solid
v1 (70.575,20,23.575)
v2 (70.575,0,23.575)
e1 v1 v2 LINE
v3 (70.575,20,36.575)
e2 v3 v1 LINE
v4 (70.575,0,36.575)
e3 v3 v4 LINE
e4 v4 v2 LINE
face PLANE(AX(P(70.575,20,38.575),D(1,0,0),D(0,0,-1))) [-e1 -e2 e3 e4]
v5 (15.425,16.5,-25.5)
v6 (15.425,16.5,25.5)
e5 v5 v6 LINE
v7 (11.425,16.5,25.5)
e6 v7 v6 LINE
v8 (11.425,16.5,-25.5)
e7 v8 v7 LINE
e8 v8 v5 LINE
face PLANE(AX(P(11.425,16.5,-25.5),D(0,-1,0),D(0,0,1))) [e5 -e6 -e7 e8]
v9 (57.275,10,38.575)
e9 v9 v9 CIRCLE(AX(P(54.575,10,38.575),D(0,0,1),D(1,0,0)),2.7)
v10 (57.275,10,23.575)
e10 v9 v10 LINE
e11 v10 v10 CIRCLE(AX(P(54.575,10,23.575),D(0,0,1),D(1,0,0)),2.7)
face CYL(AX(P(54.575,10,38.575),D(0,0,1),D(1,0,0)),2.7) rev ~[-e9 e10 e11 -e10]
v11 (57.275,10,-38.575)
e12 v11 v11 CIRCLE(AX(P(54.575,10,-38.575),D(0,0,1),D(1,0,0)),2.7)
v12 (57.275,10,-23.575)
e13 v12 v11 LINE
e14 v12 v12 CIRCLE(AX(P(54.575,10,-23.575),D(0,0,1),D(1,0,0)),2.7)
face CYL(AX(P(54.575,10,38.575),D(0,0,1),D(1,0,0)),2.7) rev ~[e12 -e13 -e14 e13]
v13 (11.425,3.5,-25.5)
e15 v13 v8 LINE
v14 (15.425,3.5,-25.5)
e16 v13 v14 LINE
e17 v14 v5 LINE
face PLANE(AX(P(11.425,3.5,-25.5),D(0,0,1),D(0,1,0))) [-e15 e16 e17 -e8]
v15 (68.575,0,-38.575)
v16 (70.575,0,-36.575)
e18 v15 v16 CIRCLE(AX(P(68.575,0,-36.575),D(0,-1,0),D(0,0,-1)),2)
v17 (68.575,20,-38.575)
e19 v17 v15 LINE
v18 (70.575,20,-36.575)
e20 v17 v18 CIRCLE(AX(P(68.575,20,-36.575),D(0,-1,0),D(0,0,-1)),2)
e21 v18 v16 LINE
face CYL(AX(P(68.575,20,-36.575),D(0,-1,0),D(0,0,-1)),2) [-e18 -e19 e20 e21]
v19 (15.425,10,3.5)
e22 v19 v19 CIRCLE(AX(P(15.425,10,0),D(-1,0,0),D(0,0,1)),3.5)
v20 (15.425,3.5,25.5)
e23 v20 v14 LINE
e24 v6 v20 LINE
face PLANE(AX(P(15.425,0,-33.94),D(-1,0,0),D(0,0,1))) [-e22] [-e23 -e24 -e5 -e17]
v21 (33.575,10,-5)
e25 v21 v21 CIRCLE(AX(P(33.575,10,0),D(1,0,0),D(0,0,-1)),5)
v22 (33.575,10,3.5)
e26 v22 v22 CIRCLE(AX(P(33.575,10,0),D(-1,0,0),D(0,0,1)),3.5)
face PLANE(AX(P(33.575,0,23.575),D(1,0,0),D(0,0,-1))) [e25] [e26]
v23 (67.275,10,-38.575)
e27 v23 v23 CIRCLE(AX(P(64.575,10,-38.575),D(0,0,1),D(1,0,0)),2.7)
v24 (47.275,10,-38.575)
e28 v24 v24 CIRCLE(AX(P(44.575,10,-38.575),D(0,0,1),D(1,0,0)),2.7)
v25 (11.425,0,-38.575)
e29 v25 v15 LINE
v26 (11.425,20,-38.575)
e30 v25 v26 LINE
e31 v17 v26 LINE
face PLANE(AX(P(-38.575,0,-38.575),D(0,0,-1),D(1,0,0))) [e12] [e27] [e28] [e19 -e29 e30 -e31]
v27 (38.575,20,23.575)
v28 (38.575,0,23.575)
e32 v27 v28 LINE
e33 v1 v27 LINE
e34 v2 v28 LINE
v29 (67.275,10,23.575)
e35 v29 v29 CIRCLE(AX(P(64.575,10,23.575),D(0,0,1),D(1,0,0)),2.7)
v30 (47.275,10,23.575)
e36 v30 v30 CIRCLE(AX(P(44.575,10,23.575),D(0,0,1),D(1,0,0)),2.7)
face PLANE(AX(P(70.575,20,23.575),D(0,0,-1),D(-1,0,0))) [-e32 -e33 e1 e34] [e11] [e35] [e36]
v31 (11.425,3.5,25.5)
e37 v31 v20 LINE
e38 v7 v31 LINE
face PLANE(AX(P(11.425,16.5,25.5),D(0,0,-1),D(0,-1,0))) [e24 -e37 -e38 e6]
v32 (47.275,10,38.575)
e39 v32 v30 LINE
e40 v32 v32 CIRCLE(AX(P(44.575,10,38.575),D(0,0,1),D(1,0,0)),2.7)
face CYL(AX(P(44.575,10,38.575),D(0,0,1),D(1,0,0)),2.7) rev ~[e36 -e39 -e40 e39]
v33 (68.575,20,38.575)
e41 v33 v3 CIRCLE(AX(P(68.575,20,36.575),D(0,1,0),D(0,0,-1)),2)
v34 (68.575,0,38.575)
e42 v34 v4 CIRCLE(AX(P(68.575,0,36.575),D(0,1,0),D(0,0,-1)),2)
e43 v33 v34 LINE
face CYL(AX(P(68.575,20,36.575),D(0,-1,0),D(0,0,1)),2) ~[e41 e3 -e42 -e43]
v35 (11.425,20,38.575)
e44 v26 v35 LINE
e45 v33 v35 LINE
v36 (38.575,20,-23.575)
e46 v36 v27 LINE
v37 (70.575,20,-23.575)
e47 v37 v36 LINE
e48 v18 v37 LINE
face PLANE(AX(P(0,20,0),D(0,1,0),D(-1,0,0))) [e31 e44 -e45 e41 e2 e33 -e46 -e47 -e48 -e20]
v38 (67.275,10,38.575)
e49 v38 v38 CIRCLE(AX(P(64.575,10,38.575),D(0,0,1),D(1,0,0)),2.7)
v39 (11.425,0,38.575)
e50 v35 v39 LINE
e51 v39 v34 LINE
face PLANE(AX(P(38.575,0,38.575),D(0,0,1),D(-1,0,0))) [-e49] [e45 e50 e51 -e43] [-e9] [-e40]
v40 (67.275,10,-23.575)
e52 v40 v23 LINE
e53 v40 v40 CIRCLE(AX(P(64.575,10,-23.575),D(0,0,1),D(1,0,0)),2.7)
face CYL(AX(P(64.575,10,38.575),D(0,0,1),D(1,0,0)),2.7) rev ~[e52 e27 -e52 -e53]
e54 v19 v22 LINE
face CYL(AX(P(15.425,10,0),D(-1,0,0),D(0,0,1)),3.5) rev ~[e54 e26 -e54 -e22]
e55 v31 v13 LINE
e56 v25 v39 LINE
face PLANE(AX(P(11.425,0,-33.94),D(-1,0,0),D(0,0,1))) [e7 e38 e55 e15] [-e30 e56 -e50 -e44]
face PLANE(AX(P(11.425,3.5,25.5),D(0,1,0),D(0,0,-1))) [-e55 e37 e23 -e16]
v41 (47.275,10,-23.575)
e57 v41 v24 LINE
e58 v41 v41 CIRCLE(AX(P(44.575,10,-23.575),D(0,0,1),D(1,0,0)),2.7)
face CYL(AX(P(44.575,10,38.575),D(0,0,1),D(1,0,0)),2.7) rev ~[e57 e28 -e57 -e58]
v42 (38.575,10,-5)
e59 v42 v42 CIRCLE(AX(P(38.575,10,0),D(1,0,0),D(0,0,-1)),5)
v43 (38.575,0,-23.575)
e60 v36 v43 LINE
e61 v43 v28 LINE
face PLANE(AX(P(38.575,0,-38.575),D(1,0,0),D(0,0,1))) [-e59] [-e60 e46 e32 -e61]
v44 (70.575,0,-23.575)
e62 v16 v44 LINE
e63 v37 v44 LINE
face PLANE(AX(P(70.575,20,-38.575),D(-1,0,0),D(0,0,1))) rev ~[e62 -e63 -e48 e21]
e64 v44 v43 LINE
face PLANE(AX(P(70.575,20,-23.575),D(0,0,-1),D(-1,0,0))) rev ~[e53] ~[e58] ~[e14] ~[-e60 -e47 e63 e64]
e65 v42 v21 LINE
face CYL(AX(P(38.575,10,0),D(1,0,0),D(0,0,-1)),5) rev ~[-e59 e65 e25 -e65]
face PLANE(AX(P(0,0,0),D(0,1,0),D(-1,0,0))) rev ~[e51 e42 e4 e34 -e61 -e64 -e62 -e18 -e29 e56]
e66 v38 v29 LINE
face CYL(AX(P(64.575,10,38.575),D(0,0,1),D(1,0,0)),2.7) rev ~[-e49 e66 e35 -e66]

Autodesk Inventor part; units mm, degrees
ref_plane "YZ Plane" through (0, 0, 0) normal (1, 0, 0) x (0, 1, 0)
ref_plane "XZ Plane" through (0, 0, 0) normal (0, 1, 0) x (-1, 0, 0)
ref_plane "XY Plane" through (0, 0, 0) normal (0, 0, 1) x (1, 0, 0)
sketch "Boceto1" plane through (0, 0, 0) normal (0, 1, 0) x (-1, 0, 0)
  line L0 (-38.575, 38.575) -> (38.575, 38.575)
  line L1 (38.575, 38.575) -> (38.575, -38.575)
  line L2 (38.575, -38.575) -> (-38.575, -38.575)
  line L3 (-38.575, -38.575) -> (-38.575, 38.575)
  line L4 (-38.575, 38.575) -> (38.575, -38.575) construction
  line L5 (38.575, 38.575) -> (-38.575, -38.575) construction
  circle A0 centre (17, 10) radius 2.7
  circle A1 centre (17, -10) radius 2.7
  circle A2 centre (-17, -10) radius 2.7
  circle A3 centre (-17, 10) radius 2.7
  point P0 (0, 0)
  dimension "d0" = 77.15
  dimension "d1" = 77.15
  dimension "d2" = 5.4
  dimension "d3" = 10
  dimension "d4" = 10
  dimension "d5" = 17
  dimension "d6" = 17
extrude "Extrusión1" add sketch "Boceto1" along normal blind 20
sketch "Boceto2" plane through (0, 20, 0) normal (0, 1, 0) x (1, 0, 0)
  line L0 (-38.575, -38.575) -> (38.575, -38.575) projected
  line L1 (38.575, -38.575) -> (70.575, -38.575)
  line L2 (70.575, -38.575) -> (70.575, -23.575)
  line L3 (70.575, -23.575) -> (38.575, -23.575)
  line L4 (38.575, -23.575) -> (38.575, -38.575)
  line L5 (38.575, 38.575) -> (-38.575, 38.575) projected
  line L6 (38.575, 38.575) -> (70.575, 38.575)
  line L7 (70.575, 38.575) -> (70.575, 23.575)
  line L8 (70.575, 23.575) -> (38.575, 23.575)
  line L9 (38.575, 23.575) -> (38.575, 38.575)
  point P0 (0, 0)
  dimension "d9" = 32
  dimension "d10" = 15
extrude "Extrusión2" add sketch "Boceto2" against normal up to surface (20 mm away)
sketch "Boceto3" plane through (-38.575, 0, 38.575) normal (0, 0, 1) x (1, 0, 0)
  circle A0 centre (103.15, 10) radius 2.7
  circle A1 centre (93.15, 10) radius 2.7
  line L0 (109.15, 20) -> (109.15, 0) projected
  circle A2 centre (83.15, 10) radius 2.7
  point P0 (38.575, 0)
  dimension "d13" = 5.4
  dimension "d14" = 6
  dimension "d15" = 10
  dimension "d34" = 10
extrude "Extrusión3" cut sketch "Boceto3" against normal through all
fillet "Empalme2" radius 4.635 2 edges at (-38.575, 10, 38.575) (-38.575, 10, -38.575)
fillet "Empalme3" radius 2 2 edges at (70.575, 10, -38.575) (70.575, 10, 38.575)
sketch "Boceto5" plane through (0, 20, 0) normal (0, 1, 0) x (1, 0, 0)
  line L0 (-29.2306, -22.0337) -> (29.2306, -22.0337)
  line L1 (29.2306, -22.0337) -> (29.2306, 22.0337)
  line L2 (29.2306, 22.0337) -> (-29.2306, 22.0337)
  line L3 (-29.2306, 22.0337) -> (-29.2306, -22.0337)
  line L4 (-29.2306, -22.0337) -> (29.2306, 22.0337) construction
  line L5 (29.2306, -22.0337) -> (-29.2306, 22.0337) construction
  point P0 (0, 0)
extrude "Extrusión5" add sketch "Boceto5" against normal up to surface (20 mm away)
sketch "Boceto6" plane through (-38.575, 0, -33.94) normal (-1, 0, 0) x (0, 0, 1)
  line L0 (-23.6354, 28.4555) -> (91.5154, 28.4555)
  line L1 (91.5154, 28.4555) -> (91.5154, -11.4044)
  line L2 (91.5154, -11.4044) -> (-23.6354, -11.4044)
  line L3 (-23.6354, -11.4044) -> (-23.6354, 28.4555)
  line L4 (-23.6354, 28.4555) -> (91.5154, -11.4044) construction
  line L5 (91.5154, 28.4555) -> (-23.6354, -11.4044) construction
  point P0 (33.94, 0)
  point P1 (33.94, 8.5256)
extrude "Extrusión6" cut sketch "Boceto6" against normal blind 50
sketch "Boceto7" plane through (11.425, 0, -33.94) normal (-1, 0, 0) x (0, 0, 1)
  line L0 (59.44, 3.5) -> (8.44, 3.5)
  line L1 (8.44, 3.5) -> (8.44, 16.5)
  line L2 (8.44, 16.5) -> (59.44, 16.5)
  line L3 (59.44, 16.5) -> (59.44, 3.5)
  line L4 (59.44, 3.5) -> (8.44, 16.5) construction
  line L5 (8.44, 3.5) -> (59.44, 16.5) construction
  line L6 (72.515, 0) -> (-4.635, 0) projected
  point P0 (33.94, 0)
  point P1 (33.94, 10)
  point P2 (33.94, 10)
  point P3 (33.94, 0)
  dimension "d39" = 13
  dimension "d40" = 51
  dimension "d41" = 3.5
extrude "Extrusión7" cut sketch "Boceto7" against normal blind 4
sketch "Boceto8" plane through (15.425, 0, -33.94) normal (-1, 0, 0) x (0, 0, 1)
  circle A0 centre (33.94, 10) radius 3.5
  point P0 (33.94, 0)
  dimension "d44" = 7
extrude "Extrusión8" cut sketch "Boceto8" against normal through all
sketch "Boceto9" plane through (38.575, 0, 23.575) normal (1, 0, 0) x (0, 0, -1)
  circle A0 centre (23.575, 10) radius 3.5 projected
  circle A1 centre (23.575, 10) radius 5
  point P0 (23.575, 0)
  dimension "d47" = 10
extrude "Extrusión9" cut sketch "Boceto9" against normal blind 5 contours A0 | A1
sketch "Boceto4" plane through (0, 20, 0) normal (0, 1, 0) x (1, 0, 0)
  line L0 (53.225, -32.695) -> (61.325, -32.695)
  line L1 (61.325, -32.695) -> (61.325, -28.455)
  line L2 (61.325, -28.455) -> (53.225, -28.455)
  line L3 (53.225, -28.455) -> (53.225, -32.695)
  line L4 (53.225, -32.695) -> (61.325, -28.455) construction
  line L5 (61.325, -32.695) -> (53.225, -28.455) construction
  line L6 (57.275, -38.575) -> (51.875, -38.575) projected
  point P0 (0, 0)
  point P1 (57.275, -30.575)
  dimension "d21" = 8.1
  dimension "d23" = 1.35
  dimension "d24" = 8
  dimension "d25" = 4.24
properties part number "LowerJawLoadCell" material "Plástico ABS"
